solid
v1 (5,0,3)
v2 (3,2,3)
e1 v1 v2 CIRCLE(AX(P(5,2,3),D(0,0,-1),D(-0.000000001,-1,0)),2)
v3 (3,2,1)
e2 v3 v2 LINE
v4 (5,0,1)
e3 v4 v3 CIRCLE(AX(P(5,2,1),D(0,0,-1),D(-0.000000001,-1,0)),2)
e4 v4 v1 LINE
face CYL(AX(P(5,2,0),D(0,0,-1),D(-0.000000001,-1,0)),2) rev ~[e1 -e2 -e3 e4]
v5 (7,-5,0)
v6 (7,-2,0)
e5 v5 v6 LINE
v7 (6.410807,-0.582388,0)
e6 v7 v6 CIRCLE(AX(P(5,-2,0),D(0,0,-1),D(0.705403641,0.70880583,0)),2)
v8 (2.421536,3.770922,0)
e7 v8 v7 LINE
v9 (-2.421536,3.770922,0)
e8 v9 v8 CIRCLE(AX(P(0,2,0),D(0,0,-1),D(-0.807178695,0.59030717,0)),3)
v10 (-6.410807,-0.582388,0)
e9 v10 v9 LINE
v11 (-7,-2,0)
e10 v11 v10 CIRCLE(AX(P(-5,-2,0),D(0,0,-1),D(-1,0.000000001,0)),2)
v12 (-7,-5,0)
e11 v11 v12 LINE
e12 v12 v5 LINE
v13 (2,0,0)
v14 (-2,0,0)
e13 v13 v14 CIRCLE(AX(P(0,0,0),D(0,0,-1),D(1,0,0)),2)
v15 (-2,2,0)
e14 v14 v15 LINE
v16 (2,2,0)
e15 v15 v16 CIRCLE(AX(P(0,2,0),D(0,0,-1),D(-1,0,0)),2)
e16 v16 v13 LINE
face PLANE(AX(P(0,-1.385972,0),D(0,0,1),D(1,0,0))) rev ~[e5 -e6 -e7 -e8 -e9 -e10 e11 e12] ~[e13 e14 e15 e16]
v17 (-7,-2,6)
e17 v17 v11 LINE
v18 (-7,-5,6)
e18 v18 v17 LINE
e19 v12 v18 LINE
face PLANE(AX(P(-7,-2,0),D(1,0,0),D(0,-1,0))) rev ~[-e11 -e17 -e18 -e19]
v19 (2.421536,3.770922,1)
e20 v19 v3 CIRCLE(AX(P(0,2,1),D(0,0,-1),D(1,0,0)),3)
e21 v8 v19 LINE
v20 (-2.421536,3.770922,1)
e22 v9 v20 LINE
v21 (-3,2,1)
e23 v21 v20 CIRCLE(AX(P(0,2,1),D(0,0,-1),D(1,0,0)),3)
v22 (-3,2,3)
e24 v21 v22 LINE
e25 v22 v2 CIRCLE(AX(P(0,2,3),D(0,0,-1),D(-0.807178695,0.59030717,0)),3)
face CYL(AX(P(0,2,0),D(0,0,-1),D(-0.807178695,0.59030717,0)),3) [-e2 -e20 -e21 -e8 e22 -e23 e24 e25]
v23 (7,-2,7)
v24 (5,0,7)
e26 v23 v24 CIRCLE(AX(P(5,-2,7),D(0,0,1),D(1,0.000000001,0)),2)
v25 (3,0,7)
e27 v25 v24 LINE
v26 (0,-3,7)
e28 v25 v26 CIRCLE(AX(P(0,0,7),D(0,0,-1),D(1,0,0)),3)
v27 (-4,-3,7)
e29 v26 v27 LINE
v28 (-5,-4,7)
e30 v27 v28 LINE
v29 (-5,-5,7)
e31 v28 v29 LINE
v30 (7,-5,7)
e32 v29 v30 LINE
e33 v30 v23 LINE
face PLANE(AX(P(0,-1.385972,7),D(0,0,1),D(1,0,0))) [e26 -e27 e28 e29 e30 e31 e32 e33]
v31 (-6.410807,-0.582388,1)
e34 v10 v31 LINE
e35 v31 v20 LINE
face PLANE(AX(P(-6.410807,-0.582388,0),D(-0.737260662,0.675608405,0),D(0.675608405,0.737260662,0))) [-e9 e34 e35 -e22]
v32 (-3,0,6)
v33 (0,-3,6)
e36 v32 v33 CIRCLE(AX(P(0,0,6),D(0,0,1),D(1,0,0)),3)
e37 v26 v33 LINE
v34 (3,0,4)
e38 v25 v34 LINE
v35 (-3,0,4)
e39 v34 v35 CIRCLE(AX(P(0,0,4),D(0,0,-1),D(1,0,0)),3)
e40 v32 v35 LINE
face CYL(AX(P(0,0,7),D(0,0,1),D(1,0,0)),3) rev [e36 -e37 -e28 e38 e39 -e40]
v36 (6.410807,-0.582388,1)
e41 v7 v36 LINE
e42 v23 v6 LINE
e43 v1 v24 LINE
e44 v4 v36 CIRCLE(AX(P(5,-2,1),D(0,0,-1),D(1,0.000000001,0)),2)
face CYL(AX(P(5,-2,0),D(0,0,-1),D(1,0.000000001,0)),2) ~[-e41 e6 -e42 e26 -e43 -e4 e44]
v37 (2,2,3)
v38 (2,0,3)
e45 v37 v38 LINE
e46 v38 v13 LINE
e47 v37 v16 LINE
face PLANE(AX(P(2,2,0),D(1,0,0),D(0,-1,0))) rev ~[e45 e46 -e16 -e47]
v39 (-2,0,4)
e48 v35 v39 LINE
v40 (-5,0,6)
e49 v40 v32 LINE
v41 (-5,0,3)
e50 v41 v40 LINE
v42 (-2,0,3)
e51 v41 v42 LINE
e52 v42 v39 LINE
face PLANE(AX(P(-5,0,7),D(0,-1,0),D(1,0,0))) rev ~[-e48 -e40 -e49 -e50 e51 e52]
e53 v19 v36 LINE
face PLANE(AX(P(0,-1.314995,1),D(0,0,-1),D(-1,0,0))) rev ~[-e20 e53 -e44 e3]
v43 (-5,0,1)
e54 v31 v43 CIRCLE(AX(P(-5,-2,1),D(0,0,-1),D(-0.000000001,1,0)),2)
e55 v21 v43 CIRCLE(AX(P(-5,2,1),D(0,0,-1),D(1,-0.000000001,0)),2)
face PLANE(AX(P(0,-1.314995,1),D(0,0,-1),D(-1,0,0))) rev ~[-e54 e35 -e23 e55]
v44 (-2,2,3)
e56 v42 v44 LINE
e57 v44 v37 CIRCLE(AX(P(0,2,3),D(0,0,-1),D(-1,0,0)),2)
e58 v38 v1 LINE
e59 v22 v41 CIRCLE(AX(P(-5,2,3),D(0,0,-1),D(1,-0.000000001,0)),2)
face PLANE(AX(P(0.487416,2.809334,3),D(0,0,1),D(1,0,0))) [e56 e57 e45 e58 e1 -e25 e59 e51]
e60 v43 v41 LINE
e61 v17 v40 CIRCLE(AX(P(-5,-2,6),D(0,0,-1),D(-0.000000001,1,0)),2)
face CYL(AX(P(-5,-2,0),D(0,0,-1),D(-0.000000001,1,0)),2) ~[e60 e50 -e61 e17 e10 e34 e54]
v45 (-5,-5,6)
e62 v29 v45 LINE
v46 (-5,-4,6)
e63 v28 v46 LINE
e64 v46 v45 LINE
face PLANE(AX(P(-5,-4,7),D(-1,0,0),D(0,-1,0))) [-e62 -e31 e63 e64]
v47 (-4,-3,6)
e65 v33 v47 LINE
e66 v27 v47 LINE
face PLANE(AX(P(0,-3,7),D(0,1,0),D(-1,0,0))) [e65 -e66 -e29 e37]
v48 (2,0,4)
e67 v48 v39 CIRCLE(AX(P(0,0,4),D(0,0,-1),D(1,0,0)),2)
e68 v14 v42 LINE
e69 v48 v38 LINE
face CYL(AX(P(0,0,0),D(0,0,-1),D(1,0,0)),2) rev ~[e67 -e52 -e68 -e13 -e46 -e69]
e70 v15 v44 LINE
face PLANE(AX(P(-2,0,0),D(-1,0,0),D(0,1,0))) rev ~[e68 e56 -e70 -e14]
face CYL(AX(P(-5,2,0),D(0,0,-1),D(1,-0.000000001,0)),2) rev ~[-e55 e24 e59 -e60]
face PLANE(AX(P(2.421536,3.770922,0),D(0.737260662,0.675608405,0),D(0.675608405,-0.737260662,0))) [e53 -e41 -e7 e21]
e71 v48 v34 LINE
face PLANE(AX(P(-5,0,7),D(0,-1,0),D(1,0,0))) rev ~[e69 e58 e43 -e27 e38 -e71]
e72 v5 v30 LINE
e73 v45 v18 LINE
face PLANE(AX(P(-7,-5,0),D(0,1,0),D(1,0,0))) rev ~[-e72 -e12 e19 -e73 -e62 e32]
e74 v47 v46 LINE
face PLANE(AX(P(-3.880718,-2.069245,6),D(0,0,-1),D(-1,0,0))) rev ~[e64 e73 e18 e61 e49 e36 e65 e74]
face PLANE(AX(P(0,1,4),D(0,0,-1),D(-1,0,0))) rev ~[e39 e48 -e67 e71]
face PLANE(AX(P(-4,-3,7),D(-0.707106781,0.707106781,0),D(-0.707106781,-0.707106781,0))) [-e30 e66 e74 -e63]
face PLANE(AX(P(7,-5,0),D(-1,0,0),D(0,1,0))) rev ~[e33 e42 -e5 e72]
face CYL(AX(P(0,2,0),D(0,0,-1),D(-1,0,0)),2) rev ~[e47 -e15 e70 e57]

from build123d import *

# Parameters (mm, degrees)
BOSS_EXTRUDE1_DEPTH = 7
BOSS_EXTRUDE2_DEPTH = 1
SKETCH3_W           = 10.974831657
SKETCH3_H           = 5.618667726
CUT_EXTRUDE1_DEPTH  = 4
CUT_EXTRUDE2_DEPTH  = 3
CUT_EXTRUDE3_DEPTH  = 1


with BuildPart() as part:
    # Sketch1 → Boss-Extrude1 (new body)
    with BuildSketch(Plane.XY):
        with BuildLine():
            Line((-7, -2), (-7, -5))
            Line((-7, -5), (7, -5))
            Line((7, -5), (7, -2))
            ThreePointArc((7, -2), (6.414213562, -0.585786438), (5, 0))
            ThreePointArc((5, 0), (3.585786438, 0.585786438), (3, 2))
            ThreePointArc((3, 2), (0, 5), (-3, 2))
            ThreePointArc((-3, 2), (-3.585786438, 0.585786438), (-5, 0))
            ThreePointArc((-5, 0), (-6.414213562, -0.585786438), (-7, -2))
        make_face()
        with BuildLine():
            Line((-2, 0), (-2, 2))
            ThreePointArc((-2, 2), (0, 4), (2, 2))
            Line((2, 2), (2, 0))
            ThreePointArc((2, 0), (0, -2), (-2, 0))
        make_face(mode=Mode.SUBTRACT)
    extrude(amount=BOSS_EXTRUDE1_DEPTH)

    # Sketch2 → Boss-Extrude2 (add)
    with BuildSketch(Plane(origin=(0, 0, 0), x_dir=(-1, 0, 0), z_dir=(0, 0, -1))):
        with BuildLine():
            ThreePointArc((7, -2), (6.880189856, -1.318174432), (6.535113895, -0.718038484))
            Line((6.535113895, -0.718038484), (6.410807281, -0.582388341))
            ThreePointArc((6.410807281, -0.582388341), (5.763143722, -0.151321645), (5, 0))
            ThreePointArc((5, 0), (3.585786438, 0.585786438), (3, 2))
            ThreePointArc((3, 2), (2.851719503, 2.931501945), (2.421536084, 3.77092151))
            ThreePointArc((2.421536084, 3.77092151), (0, 5), (-2.421536084, 3.77092151))
            ThreePointArc((-2.421536084, 3.77092151), (-2.851719503, 2.931501945), (-3, 2))
            ThreePointArc((-3, 2), (-3.585786438, 0.585786438), (-5, 0))
            ThreePointArc((-5, 0), (-5.763143722, -0.151321645), (-6.410807281, -0.582388341))
            Line((-6.410807281, -0.582388341), (-6.535113895, -0.718038484))
            ThreePointArc((-6.535113895, -0.718038484), (-6.880189856, -1.318174432), (-7, -2))
            Line((-7, -2), (-7, -5))
            Line((-7, -5), (7, -5))
            Line((7, -5), (7, -2))
        make_face()
        with BuildLine():
            ThreePointArc((2, 0), (0, -2), (-2, 0))
            Line((-2, 0), (-2, 2))
            ThreePointArc((-2, 2), (0, 4), (2, 2))
            Line((2, 2), (2, 0))
        make_face(mode=Mode.SUBTRACT)
        with BuildLine():
            ThreePointArc((5, 0), (5.763143722, -0.151321645), (6.410807281, -0.582388341))
            Line((6.410807281, -0.582388341), (2.421536084, 3.77092151))
            ThreePointArc((2.421536084, 3.77092151), (2.851719503, 2.931501945), (3, 2))
            ThreePointArc((3, 2), (3.585786438, 0.585786438), (5, 0))
        make_face()
        with BuildLine():
            ThreePointArc((-3, 2), (-2.851719503, 2.931501945), (-2.421536084, 3.77092151))
            Line((-2.421536084, 3.77092151), (-6.410807281, -0.582388341))
            ThreePointArc((-6.410807281, -0.582388341), (-5.763143722, -0.151321645), (-5, 0))
            ThreePointArc((-5, 0), (-3.585786438, 0.585786438), (-3, 2))
        make_face()
    extrude(amount=-BOSS_EXTRUDE2_DEPTH)

    # Sketch3 → Cut-Extrude1 (cut)
    with BuildSketch(Plane.XY.offset(7)):
        with Locations((0.487415829, 2.809333863)):
            Rectangle(SKETCH3_W, SKETCH3_H)
    extrude(amount=-CUT_EXTRUDE1_DEPTH, mode=Mode.SUBTRACT)

    # Sketch4 → Cut-Extrude2 (cut)
    with BuildSketch(Plane.XY.offset(7)):
        with BuildLine():
            Line((3, 2), (3, 0))
            ThreePointArc((3, 0), (0, -3), (-3, 0))
            Line((-3, 0), (-3, 2))
            ThreePointArc((-3, 2), (0, 5), (3, 2))
        make_face()
    extrude(amount=-CUT_EXTRUDE2_DEPTH, mode=Mode.SUBTRACT)

    # Sketch5 → Cut-Extrude3 (cut)
    with BuildSketch(Plane.XY.offset(7)):
        Polygon((0, -3), (-4, -3), (-5, -4), (-5, -5), (-7, -5), (-7, 0), (0, 0), align=None)
    extrude(amount=-CUT_EXTRUDE3_DEPTH, mode=Mode.SUBTRACT)


solid = part.part
